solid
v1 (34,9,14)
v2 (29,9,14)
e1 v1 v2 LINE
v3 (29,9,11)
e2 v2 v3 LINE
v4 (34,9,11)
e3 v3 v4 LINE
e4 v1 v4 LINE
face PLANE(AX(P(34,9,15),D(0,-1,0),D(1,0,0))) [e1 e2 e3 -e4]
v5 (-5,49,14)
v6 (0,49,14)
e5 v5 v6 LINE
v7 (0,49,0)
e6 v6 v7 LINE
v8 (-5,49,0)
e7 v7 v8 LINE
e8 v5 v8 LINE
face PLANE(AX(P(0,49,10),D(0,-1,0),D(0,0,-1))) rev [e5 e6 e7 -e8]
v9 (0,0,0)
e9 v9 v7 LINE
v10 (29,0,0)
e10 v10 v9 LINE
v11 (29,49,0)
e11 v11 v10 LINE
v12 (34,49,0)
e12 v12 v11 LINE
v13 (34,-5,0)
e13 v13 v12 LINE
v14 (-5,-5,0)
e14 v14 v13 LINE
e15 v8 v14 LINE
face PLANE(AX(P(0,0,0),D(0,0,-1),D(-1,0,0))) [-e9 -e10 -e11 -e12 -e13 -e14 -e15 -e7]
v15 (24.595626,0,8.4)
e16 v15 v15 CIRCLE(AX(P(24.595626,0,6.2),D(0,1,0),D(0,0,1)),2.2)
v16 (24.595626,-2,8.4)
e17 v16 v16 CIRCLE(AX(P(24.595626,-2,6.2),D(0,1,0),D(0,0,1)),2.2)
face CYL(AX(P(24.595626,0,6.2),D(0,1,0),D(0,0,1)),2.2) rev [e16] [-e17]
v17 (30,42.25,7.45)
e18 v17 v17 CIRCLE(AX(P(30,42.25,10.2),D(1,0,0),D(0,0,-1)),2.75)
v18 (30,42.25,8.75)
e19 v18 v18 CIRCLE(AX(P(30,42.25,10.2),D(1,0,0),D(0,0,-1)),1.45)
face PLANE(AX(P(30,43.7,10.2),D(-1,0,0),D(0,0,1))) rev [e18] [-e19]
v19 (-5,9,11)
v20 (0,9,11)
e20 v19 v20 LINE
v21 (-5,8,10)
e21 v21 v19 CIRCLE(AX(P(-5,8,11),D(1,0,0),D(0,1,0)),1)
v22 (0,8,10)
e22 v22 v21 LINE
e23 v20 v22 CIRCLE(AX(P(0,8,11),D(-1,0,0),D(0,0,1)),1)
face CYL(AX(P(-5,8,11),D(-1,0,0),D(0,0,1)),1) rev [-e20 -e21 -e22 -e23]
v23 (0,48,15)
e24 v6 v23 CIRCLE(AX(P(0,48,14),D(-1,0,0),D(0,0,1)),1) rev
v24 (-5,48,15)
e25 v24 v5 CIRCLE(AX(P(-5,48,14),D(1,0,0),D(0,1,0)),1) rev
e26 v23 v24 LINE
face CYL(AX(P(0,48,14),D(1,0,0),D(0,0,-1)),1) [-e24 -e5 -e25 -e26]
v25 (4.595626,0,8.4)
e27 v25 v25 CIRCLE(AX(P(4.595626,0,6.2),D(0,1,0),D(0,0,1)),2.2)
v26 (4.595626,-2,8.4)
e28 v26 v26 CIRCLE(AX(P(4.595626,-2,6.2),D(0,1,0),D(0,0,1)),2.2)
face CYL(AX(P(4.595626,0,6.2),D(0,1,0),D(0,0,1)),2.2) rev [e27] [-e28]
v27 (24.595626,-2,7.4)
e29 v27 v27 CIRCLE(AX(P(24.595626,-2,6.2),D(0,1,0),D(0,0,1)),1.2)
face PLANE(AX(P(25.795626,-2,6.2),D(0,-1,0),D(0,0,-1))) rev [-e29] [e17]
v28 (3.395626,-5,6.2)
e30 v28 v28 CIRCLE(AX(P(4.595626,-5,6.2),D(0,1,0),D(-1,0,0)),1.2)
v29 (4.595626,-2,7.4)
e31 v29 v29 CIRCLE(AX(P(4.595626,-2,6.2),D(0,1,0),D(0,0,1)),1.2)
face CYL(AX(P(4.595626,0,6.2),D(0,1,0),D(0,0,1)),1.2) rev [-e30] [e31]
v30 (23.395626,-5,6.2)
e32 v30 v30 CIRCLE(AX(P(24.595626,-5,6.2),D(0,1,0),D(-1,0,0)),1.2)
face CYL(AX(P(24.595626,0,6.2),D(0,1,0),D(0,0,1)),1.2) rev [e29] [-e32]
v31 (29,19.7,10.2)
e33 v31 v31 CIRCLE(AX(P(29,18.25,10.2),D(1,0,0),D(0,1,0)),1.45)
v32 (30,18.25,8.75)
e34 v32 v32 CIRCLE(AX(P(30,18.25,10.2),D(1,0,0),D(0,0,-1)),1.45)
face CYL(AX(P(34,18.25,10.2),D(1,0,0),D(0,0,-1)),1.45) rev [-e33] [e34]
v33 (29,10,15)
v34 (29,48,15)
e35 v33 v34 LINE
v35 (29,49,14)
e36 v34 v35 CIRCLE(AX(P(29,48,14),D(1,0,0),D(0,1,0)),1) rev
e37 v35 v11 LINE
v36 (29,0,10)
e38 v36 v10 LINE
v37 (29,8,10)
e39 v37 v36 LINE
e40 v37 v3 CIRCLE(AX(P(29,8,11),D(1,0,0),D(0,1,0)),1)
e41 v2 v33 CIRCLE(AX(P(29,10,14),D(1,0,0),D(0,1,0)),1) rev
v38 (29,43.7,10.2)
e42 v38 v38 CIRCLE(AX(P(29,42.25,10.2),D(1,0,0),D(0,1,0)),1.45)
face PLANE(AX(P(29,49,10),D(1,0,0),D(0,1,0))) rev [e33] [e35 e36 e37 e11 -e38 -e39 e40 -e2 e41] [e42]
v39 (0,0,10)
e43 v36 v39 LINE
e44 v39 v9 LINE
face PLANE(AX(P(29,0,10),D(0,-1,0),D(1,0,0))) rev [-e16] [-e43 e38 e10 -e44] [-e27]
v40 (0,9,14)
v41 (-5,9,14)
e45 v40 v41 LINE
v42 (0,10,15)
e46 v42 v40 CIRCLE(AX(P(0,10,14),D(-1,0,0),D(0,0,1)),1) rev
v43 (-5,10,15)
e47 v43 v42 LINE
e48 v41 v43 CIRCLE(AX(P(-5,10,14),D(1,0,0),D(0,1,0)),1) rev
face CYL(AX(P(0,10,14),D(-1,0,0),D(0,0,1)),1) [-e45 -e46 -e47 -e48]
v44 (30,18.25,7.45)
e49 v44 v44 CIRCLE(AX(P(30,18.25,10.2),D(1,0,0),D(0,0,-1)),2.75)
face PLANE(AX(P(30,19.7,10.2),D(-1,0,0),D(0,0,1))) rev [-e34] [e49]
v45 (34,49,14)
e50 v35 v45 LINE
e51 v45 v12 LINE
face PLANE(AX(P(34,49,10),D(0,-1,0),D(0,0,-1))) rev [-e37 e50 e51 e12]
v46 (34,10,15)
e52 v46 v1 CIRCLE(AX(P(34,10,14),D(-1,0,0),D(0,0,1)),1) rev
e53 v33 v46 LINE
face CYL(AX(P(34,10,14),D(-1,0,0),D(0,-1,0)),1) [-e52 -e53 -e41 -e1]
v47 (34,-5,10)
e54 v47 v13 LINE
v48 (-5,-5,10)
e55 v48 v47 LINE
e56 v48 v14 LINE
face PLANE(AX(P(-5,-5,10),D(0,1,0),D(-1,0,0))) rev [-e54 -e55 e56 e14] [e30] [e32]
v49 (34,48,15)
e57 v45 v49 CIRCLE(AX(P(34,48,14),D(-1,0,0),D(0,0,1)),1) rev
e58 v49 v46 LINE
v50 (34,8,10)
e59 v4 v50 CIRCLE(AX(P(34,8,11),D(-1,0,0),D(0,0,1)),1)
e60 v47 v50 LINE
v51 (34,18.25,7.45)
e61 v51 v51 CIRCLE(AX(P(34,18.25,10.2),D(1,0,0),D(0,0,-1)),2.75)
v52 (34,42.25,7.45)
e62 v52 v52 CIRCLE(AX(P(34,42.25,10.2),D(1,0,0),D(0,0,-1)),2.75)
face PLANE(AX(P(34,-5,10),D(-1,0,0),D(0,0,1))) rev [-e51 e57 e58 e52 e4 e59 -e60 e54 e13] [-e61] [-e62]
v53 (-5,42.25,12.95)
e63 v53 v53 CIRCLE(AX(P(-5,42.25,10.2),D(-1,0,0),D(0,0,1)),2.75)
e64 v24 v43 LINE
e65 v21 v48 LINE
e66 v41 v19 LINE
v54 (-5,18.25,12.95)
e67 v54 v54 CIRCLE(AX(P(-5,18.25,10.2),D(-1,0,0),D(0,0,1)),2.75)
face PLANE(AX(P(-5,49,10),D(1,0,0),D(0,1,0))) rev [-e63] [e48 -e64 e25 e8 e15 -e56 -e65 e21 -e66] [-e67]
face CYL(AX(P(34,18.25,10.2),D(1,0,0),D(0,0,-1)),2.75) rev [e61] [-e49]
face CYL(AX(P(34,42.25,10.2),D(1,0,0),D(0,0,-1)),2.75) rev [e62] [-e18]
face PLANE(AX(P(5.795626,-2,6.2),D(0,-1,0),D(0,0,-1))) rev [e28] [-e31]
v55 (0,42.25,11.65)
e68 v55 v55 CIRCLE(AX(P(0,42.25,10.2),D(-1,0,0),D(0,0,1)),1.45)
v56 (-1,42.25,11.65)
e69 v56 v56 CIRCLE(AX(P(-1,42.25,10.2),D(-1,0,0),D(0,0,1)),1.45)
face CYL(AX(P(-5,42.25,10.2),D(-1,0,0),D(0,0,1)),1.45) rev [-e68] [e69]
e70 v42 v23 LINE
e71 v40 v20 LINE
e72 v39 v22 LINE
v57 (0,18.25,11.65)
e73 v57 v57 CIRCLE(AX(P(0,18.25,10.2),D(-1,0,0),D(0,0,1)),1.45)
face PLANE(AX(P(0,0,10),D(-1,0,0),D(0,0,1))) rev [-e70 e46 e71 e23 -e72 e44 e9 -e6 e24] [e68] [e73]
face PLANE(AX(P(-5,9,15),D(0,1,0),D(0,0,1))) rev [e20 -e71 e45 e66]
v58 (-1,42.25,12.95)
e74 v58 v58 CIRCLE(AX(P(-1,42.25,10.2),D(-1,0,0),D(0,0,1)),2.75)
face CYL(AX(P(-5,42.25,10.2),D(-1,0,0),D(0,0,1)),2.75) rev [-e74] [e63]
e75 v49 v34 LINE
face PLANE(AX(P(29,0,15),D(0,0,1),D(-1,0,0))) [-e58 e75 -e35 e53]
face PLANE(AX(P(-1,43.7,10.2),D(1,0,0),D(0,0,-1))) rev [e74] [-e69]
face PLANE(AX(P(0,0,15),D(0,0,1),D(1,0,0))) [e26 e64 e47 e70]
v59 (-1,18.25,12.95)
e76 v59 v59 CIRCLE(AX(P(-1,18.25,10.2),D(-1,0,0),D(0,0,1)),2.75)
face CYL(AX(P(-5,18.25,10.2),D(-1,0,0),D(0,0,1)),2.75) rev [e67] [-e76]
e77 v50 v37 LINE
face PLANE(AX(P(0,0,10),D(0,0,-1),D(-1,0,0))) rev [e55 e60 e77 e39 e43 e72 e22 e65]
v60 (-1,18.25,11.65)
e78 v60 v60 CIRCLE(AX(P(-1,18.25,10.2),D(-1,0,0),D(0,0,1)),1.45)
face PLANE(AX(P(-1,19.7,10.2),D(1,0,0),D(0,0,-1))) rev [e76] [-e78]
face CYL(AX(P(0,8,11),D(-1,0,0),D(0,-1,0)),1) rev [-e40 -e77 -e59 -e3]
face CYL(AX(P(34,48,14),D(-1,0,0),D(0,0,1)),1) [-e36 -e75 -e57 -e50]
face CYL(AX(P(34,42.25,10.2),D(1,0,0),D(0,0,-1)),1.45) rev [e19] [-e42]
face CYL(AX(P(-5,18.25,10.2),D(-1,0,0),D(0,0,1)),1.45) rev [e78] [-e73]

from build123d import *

# Parameters (mm, degrees)
BOSS_EXTRUDE1_DEPTH              = 10
SKETCH2_W                        = 5
SKETCH2_H                        = 40
BOSS_EXTRUDE2_DEPTH              = 5
CBORE_FOR_M2_SHCS1_D             = 2.4
CBORE_FOR_M2_SHCS1_CBORE_D       = 4.4
CBORE_FOR_M2_SHCS1_CBORE_DEPTH   = 2
CBORE_FOR_M2_5_SHCS1_D           = 2.9
CBORE_FOR_M2_5_SHCS1_DEPTH       = 5
CBORE_FOR_M2_5_SHCS1_CBORE_D     = 5.5
CBORE_FOR_M2_5_SHCS1_CBORE_DEPTH = 4
CBORE_FOR_M2_5_SHCS2_D           = 2.9
CBORE_FOR_M2_5_SHCS2_CBORE_D     = 5.5
CBORE_FOR_M2_5_SHCS2_CBORE_DEPTH = 4
FILLET1_R                        = 1


with BuildPart() as part:
    # Sketch1 → Boss-Extrude1 (new body)
    with BuildSketch(Plane.XY):
        Polygon((0, 0), (0, 49), (-5, 49), (-5, -5), (34, -5), (34, 49), (29, 49), (29, 0), align=None)
    extrude(amount=BOSS_EXTRUDE1_DEPTH)

    # Sketch2 → Boss-Extrude2 (add)
    with BuildSketch(Plane.XY.offset(10)):
        with Locations((-2.5, 29)):
            Rectangle(SKETCH2_W, SKETCH2_H)
    boss_extrude2 = extrude(amount=BOSS_EXTRUDE2_DEPTH)

    # Mirror1: Boss-Extrude2 across plane
    add(boss_extrude2.mirror(Plane.ZY.offset(-14.5)))

    # CBORE for M2 SHCS1 (through all)
    with Locations(Plane(origin=(0, 0, 0), x_dir=(1, 0, 0), z_dir=(0, 1, 0))):
        with Locations((24.59562556, -6.2), (4.59562556, -6.2)):
            CounterBoreHole(CBORE_FOR_M2_SHCS1_D / 2, CBORE_FOR_M2_SHCS1_CBORE_D / 2, CBORE_FOR_M2_SHCS1_CBORE_DEPTH)

    # CBORE for M2.5 SHCS1
    with Locations(Plane(origin=(34, 0, 0), x_dir=(0, 0, -1), z_dir=(1, 0, 0))):
        with Locations((-10.2, 42.25), (-10.2, 18.25)):
            CounterBoreHole(CBORE_FOR_M2_5_SHCS1_D / 2, CBORE_FOR_M2_5_SHCS1_CBORE_D / 2, CBORE_FOR_M2_5_SHCS1_CBORE_DEPTH, depth=CBORE_FOR_M2_5_SHCS1_DEPTH)

    # CBORE for M2.5 SHCS2 (through all)
    with Locations(Plane.ZY.offset(5)):
        with Locations((10.2, 42.25), (10.2, 18.25)):
            CounterBoreHole(CBORE_FOR_M2_5_SHCS2_D / 2, CBORE_FOR_M2_5_SHCS2_CBORE_D / 2, CBORE_FOR_M2_5_SHCS2_CBORE_DEPTH)

    # Fillet1
    fillet1_edges = [part.edges().sort_by_distance(p)[0] for p in [
        (-2.5, 9, 10),
        (-2.5, 9, 15),
        (-2.5, 49, 15),
        (31.5, 49, 15),
        (31.5, 9, 15),
        (31.5, 9, 10),
    ]]
    fillet(fillet1_edges, radius=FILLET1_R)


solid = part.part
